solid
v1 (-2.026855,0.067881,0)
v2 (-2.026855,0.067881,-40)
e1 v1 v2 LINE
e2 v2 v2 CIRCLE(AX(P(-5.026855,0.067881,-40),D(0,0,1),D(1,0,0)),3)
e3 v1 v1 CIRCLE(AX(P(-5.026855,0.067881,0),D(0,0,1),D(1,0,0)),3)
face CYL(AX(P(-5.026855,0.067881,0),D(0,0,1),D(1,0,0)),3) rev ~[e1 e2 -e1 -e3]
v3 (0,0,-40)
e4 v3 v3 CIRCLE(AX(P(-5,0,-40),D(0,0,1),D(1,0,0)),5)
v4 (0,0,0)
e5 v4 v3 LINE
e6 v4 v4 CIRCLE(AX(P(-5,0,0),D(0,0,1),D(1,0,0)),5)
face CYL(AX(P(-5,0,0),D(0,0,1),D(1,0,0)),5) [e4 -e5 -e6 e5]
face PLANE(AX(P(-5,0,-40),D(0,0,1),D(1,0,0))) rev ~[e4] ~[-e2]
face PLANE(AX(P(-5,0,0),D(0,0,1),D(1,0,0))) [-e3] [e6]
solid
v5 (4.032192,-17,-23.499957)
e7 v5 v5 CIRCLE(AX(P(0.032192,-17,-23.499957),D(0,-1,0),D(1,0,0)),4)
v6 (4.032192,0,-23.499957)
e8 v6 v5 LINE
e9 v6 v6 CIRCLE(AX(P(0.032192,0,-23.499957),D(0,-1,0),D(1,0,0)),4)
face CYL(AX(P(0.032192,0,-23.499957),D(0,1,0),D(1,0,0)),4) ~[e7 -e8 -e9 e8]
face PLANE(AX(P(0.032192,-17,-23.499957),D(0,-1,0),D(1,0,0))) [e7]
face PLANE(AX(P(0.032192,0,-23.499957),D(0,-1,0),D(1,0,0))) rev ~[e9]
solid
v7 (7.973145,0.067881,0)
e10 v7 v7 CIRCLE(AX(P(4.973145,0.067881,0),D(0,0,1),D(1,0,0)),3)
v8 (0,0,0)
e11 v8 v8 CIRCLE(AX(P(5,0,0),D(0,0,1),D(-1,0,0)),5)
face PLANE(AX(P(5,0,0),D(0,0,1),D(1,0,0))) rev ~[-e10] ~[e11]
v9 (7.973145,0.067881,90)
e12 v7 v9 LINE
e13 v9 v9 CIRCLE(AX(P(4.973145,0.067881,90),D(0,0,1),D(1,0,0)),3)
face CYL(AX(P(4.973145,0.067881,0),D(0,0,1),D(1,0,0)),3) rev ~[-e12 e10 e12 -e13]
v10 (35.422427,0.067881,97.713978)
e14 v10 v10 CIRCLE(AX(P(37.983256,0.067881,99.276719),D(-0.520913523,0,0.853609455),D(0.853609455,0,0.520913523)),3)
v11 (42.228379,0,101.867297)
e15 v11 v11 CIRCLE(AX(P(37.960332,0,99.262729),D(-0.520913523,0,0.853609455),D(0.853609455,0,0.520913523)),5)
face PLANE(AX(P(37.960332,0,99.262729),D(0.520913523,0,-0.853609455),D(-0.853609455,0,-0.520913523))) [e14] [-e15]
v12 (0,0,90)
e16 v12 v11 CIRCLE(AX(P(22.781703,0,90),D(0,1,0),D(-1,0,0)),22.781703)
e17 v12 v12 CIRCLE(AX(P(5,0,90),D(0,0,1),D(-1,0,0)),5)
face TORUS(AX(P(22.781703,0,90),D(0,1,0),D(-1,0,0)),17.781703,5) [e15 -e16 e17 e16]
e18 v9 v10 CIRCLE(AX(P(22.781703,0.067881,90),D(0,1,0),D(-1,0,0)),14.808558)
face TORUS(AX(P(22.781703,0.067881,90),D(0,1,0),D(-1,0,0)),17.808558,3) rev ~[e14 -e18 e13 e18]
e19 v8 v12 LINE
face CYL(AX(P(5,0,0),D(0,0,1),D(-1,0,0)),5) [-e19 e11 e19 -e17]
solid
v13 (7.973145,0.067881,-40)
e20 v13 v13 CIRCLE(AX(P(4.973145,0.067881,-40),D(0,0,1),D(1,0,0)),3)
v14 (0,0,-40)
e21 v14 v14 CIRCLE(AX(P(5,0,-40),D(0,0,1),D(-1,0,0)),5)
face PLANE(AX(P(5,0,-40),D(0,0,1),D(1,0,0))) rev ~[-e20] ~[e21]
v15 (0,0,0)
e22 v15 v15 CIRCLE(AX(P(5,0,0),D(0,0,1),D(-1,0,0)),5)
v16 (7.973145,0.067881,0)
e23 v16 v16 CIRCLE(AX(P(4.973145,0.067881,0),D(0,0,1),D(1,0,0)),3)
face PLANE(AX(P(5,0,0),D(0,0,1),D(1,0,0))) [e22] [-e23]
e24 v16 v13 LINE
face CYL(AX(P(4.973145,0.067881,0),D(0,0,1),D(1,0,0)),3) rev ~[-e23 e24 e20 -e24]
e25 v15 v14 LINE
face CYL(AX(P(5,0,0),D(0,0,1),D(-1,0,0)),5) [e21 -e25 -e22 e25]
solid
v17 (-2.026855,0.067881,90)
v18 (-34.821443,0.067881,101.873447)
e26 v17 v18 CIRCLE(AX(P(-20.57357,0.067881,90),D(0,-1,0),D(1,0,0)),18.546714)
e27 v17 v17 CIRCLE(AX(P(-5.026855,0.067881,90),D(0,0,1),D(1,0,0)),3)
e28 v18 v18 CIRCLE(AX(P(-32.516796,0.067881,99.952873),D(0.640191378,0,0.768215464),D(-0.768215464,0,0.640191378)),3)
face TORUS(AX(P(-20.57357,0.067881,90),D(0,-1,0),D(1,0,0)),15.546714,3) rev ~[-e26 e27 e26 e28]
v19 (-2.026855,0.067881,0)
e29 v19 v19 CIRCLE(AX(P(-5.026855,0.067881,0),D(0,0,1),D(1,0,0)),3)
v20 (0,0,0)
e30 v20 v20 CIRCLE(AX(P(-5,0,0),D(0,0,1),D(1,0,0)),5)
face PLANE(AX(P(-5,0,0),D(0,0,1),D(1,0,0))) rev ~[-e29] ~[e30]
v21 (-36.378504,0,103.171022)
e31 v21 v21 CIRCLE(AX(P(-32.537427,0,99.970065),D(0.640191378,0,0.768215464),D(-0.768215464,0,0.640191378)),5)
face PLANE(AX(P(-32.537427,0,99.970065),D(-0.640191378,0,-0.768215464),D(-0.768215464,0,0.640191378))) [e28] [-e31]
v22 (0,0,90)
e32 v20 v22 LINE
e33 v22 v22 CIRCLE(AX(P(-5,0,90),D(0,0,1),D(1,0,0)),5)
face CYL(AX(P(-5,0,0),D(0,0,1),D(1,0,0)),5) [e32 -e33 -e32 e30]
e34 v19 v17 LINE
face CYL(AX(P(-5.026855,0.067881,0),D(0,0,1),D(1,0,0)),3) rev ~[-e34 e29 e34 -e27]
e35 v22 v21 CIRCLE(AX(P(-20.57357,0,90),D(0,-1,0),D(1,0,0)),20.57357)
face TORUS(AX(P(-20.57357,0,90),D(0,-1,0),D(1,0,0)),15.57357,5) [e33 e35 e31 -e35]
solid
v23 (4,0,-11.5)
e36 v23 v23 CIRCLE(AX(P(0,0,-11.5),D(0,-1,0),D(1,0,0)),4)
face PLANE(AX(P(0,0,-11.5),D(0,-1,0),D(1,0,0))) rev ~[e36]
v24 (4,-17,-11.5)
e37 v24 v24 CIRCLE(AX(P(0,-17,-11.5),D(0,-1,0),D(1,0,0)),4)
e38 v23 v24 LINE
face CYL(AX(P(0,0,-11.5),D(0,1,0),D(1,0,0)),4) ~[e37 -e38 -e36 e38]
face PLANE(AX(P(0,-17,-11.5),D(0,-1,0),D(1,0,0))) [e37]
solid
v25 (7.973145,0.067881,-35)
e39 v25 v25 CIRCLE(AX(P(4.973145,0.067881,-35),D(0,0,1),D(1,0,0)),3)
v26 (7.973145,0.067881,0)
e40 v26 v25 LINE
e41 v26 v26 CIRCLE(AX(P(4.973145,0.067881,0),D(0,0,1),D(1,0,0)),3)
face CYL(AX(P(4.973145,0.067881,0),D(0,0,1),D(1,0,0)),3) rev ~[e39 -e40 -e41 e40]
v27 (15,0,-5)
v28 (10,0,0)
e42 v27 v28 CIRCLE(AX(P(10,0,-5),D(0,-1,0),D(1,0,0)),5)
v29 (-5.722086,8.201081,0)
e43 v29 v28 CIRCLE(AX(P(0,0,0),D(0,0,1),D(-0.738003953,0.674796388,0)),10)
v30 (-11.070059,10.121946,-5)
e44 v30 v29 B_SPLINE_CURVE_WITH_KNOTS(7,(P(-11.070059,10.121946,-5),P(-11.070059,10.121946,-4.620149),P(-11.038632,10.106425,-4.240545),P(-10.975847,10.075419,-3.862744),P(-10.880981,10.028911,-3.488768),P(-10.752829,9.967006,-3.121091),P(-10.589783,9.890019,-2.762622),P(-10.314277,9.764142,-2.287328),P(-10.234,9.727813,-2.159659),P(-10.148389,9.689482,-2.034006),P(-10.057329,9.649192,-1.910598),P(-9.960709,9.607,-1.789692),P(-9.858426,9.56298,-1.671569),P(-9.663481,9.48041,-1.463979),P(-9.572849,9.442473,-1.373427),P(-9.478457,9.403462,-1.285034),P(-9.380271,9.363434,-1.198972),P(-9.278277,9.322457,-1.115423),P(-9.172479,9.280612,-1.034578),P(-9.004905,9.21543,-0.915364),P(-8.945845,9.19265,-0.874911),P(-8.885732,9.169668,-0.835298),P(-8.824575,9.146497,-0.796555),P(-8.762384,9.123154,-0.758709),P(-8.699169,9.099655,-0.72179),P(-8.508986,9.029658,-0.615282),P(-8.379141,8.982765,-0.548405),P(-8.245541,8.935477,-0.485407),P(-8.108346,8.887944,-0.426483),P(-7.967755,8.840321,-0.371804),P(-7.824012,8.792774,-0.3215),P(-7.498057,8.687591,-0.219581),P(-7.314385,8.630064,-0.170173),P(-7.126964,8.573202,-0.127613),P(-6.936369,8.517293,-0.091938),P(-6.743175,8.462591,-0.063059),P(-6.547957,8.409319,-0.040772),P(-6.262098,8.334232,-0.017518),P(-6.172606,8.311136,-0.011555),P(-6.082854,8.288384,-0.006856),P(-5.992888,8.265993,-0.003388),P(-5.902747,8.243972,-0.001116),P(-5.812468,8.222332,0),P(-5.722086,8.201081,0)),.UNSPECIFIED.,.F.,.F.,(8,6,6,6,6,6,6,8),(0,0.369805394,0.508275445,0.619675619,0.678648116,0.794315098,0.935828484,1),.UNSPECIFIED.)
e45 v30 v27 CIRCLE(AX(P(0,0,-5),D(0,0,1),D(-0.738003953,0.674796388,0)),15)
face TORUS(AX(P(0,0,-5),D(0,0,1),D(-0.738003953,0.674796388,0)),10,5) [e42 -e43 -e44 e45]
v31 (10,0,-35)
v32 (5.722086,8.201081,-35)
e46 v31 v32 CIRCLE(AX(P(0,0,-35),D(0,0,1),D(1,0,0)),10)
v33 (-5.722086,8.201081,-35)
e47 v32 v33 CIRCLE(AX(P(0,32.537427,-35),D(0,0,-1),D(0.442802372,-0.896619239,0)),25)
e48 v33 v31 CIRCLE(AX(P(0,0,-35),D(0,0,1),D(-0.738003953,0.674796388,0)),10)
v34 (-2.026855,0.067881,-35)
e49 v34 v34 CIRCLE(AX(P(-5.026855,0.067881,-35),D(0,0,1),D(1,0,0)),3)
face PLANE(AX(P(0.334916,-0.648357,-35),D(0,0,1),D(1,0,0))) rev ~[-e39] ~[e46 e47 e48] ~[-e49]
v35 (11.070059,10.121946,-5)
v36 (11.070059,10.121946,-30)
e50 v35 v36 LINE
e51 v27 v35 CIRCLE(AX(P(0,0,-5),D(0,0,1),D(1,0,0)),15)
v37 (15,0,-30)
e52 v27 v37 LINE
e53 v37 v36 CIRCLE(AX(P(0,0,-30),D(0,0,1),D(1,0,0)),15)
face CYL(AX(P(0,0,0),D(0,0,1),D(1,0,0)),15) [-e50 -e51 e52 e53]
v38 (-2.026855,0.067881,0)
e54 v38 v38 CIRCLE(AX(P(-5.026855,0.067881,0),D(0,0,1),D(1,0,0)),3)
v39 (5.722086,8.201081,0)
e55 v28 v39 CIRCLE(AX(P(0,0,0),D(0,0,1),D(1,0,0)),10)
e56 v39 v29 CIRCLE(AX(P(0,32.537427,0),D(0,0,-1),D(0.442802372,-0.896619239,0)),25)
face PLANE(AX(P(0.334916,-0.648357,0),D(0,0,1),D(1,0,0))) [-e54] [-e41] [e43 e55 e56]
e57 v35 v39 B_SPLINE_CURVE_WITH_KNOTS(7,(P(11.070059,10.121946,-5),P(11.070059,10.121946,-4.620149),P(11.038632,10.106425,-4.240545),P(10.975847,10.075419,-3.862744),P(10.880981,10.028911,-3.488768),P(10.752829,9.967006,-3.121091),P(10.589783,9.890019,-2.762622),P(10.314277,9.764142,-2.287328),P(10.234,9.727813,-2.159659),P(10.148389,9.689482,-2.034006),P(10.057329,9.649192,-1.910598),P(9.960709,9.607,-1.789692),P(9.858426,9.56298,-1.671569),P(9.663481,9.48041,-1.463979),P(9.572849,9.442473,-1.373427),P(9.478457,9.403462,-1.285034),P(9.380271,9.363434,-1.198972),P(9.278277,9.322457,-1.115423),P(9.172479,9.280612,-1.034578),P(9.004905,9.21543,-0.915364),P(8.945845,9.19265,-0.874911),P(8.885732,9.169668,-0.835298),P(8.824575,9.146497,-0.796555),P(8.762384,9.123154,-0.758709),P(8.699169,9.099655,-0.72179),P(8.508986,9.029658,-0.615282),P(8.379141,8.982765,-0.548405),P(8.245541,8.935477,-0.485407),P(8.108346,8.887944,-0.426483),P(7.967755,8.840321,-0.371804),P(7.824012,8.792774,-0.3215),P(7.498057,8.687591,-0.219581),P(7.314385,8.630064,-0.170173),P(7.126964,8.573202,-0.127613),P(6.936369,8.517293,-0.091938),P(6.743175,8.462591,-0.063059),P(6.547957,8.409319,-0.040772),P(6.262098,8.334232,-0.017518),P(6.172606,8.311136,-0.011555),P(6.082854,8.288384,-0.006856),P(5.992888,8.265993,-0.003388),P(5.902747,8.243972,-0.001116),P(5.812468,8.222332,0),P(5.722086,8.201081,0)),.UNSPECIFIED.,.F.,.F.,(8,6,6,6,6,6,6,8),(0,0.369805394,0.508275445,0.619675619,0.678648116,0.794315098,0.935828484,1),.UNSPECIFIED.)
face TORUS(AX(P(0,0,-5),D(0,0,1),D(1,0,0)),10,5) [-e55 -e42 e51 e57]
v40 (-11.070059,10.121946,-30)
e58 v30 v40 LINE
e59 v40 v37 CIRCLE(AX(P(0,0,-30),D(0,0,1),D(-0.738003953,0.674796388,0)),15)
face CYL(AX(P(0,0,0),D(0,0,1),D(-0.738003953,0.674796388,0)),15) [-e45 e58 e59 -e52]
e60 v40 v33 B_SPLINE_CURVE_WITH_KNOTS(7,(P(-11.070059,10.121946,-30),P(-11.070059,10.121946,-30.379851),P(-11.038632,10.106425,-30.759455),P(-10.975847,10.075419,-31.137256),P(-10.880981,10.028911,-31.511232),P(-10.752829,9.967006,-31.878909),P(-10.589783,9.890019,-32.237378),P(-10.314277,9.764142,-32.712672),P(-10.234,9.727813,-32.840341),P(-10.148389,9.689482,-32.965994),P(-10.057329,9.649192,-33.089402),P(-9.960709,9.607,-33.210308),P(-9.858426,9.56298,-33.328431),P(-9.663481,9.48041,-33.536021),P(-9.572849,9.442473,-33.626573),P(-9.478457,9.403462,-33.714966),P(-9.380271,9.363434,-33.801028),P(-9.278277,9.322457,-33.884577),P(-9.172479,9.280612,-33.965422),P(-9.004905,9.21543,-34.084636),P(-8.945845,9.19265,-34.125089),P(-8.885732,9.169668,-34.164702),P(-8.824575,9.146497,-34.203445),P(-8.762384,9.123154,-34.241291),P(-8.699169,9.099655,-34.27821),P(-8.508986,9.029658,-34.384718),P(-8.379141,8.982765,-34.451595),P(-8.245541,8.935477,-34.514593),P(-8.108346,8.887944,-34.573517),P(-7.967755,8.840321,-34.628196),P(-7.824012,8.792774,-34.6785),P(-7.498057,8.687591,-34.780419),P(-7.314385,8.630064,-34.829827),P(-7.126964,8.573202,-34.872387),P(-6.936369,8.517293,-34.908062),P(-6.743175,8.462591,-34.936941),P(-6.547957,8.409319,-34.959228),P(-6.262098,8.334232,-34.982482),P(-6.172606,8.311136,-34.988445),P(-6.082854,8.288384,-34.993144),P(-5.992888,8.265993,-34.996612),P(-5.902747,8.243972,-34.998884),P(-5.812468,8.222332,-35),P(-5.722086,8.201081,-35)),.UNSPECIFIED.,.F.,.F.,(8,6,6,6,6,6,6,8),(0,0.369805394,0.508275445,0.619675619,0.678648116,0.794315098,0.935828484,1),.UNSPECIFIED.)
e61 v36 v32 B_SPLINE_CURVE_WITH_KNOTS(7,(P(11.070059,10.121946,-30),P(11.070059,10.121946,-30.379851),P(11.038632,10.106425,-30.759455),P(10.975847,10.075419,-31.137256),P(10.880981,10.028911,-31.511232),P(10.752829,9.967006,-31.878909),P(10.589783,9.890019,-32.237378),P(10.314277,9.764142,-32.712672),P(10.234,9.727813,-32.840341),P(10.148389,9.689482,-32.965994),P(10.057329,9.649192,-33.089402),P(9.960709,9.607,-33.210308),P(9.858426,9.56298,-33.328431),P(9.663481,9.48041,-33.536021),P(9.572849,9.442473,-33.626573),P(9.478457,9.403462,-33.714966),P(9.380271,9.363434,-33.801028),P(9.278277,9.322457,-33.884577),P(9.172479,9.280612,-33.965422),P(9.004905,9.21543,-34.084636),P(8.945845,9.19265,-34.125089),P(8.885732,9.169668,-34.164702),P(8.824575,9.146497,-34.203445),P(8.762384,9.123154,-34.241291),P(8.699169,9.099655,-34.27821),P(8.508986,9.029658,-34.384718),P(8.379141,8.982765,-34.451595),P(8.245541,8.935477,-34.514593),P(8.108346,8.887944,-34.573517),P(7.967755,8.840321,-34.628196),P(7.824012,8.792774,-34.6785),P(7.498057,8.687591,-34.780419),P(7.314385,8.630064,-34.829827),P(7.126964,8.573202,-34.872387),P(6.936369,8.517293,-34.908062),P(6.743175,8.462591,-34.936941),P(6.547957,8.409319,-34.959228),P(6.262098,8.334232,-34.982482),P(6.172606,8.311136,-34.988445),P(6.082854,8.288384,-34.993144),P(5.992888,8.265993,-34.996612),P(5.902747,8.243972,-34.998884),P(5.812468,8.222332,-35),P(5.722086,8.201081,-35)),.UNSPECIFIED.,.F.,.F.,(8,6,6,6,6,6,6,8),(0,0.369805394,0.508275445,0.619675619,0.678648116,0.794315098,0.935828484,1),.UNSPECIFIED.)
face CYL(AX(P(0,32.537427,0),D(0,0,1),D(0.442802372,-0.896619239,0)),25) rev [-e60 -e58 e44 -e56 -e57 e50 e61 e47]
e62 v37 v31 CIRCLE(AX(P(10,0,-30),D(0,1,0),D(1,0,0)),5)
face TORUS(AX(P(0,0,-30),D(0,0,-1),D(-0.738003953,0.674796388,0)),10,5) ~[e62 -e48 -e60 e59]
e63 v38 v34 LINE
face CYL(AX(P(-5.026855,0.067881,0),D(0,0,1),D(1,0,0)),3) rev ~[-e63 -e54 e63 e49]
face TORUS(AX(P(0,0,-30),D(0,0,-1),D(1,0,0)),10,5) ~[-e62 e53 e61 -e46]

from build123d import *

# Parameters (mm, degrees)
F0_R     = 5
F0_R_2   = 3
F4_DEPTH = 35
F1_R     = 4
F5_DEPTH = 17
F6_R     = 5
F7_DEPTH = 40


with BuildPart() as f2:
    # F2: sweep along a path in F1
    with BuildLine(Plane.XZ) as f2_path:
        Line((-5, 0), (-5, 90))
        ThreePointArc((-5, 90), (-15.2718666263, 104.6433608846), (-32.5374267995, 99.9700650573))
    # F0 (on Top) → F2 (sweep)
    with BuildSketch(Plane.XY):
        with Locations((-5, 0)):
            Circle(F0_R)
        with Locations((-5.026855227, 0.0678807108)):
            Circle(F0_R_2, mode=Mode.SUBTRACT)
    sweep(path=f2_path.line)

    # F3: sweep along a path in F1
    with BuildLine(Plane.XZ) as f3_path:
        Line((5, 0), (5, 90))
        ThreePointArc((5, 90), (17.970929604, 107.1185690987), (37.960331887, 99.2627292871))
    # F0 (on Top) → F3 (sweep)
    with BuildSketch(Plane.XY):
        with BuildLine():
            ThreePointArc((10, 0), (5, 5), (0, 0))
            ThreePointArc((0, 0), (5, -5), (10, 0))
        make_face()
        with Locations((4.973144773, 0.0678807108)):
            Circle(F0_R_2, mode=Mode.SUBTRACT)
    sweep(path=f3_path.line)


with BuildPart() as f4:
    # F0 (on Top) → F4 (new body)
    with BuildSketch(Plane.XY):
        with BuildLine():
            ThreePointArc((-11.0700592909, 10.1219458255), (-5.4290473675, -13.9830413245), (15, 0))
            ThreePointArc((15, 0), (13.9830413245, 5.4290473675), (11.0700592909, 10.1219458255))
            ThreePointArc((11.0700592909, 10.1219458255), (0, 7.5374267995), (-11.0700592909, 10.1219458255))
        make_face()
        with Locations((-5, 0)):
            Circle(F0_R, mode=Mode.SUBTRACT)
        with BuildLine():
            ThreePointArc((10, 0), (5, -5), (0, 0))
            ThreePointArc((0, 0), (5, 5), (10, 0))
        make_face(mode=Mode.SUBTRACT)
        with BuildLine():
            ThreePointArc((10, 0), (5, 5), (0, 0))
            ThreePointArc((0, 0), (5, -5), (10, 0))
        make_face()
        with Locations((4.973144773, 0.0678807108)):
            Circle(F0_R_2, mode=Mode.SUBTRACT)
        with Locations((-5, 0)):
            Circle(F0_R)
        with Locations((-5.026855227, 0.0678807108)):
            Circle(F0_R_2, mode=Mode.SUBTRACT)
    extrude(amount=-F4_DEPTH)

    # F6
    f6_edges = [f4.edges().sort_by_distance(p)[0] for p in [
        (0, -15, -35),
        (0, -15, 0),
    ]]
    fillet(f6_edges, radius=F6_R)


with BuildPart() as f5:
    # F1 (on Front) → F5 (new body)
    with BuildSketch(Plane.XZ):
        with Locations((0, -11.5)):
            Circle(F1_R)
    extrude(amount=F5_DEPTH)


with BuildPart() as f5b:
    # F1 (on Front) → F5, piece 2 (new body)
    with BuildSketch(Plane.XZ):
        with Locations((0.0321919549, -23.4999568198)):
            Circle(F1_R)
    extrude(amount=F5_DEPTH)


with BuildPart() as f7:
    # F0 (on Top) → F7 (new body)
    with BuildSketch(Plane.XY):
        with Locations((-5, 0)):
            Circle(F0_R)
        with Locations((-5.026855227, 0.0678807108)):
            Circle(F0_R_2, mode=Mode.SUBTRACT)
    extrude(amount=-F7_DEPTH)


with BuildPart() as f7b:
    # F0 (on Top) → F7, piece 2 (new body)
    with BuildSketch(Plane.XY):
        with BuildLine():
            ThreePointArc((10, 0), (5, 5), (0, 0))
            ThreePointArc((0, 0), (5, -5), (10, 0))
        make_face()
        with Locations((4.973144773, 0.0678807108)):
            Circle(F0_R_2, mode=Mode.SUBTRACT)
    extrude(amount=-F7_DEPTH)


solid = Compound([f2.part, f4.part, f5.part, f5b.part, f7.part, f7b.part])
